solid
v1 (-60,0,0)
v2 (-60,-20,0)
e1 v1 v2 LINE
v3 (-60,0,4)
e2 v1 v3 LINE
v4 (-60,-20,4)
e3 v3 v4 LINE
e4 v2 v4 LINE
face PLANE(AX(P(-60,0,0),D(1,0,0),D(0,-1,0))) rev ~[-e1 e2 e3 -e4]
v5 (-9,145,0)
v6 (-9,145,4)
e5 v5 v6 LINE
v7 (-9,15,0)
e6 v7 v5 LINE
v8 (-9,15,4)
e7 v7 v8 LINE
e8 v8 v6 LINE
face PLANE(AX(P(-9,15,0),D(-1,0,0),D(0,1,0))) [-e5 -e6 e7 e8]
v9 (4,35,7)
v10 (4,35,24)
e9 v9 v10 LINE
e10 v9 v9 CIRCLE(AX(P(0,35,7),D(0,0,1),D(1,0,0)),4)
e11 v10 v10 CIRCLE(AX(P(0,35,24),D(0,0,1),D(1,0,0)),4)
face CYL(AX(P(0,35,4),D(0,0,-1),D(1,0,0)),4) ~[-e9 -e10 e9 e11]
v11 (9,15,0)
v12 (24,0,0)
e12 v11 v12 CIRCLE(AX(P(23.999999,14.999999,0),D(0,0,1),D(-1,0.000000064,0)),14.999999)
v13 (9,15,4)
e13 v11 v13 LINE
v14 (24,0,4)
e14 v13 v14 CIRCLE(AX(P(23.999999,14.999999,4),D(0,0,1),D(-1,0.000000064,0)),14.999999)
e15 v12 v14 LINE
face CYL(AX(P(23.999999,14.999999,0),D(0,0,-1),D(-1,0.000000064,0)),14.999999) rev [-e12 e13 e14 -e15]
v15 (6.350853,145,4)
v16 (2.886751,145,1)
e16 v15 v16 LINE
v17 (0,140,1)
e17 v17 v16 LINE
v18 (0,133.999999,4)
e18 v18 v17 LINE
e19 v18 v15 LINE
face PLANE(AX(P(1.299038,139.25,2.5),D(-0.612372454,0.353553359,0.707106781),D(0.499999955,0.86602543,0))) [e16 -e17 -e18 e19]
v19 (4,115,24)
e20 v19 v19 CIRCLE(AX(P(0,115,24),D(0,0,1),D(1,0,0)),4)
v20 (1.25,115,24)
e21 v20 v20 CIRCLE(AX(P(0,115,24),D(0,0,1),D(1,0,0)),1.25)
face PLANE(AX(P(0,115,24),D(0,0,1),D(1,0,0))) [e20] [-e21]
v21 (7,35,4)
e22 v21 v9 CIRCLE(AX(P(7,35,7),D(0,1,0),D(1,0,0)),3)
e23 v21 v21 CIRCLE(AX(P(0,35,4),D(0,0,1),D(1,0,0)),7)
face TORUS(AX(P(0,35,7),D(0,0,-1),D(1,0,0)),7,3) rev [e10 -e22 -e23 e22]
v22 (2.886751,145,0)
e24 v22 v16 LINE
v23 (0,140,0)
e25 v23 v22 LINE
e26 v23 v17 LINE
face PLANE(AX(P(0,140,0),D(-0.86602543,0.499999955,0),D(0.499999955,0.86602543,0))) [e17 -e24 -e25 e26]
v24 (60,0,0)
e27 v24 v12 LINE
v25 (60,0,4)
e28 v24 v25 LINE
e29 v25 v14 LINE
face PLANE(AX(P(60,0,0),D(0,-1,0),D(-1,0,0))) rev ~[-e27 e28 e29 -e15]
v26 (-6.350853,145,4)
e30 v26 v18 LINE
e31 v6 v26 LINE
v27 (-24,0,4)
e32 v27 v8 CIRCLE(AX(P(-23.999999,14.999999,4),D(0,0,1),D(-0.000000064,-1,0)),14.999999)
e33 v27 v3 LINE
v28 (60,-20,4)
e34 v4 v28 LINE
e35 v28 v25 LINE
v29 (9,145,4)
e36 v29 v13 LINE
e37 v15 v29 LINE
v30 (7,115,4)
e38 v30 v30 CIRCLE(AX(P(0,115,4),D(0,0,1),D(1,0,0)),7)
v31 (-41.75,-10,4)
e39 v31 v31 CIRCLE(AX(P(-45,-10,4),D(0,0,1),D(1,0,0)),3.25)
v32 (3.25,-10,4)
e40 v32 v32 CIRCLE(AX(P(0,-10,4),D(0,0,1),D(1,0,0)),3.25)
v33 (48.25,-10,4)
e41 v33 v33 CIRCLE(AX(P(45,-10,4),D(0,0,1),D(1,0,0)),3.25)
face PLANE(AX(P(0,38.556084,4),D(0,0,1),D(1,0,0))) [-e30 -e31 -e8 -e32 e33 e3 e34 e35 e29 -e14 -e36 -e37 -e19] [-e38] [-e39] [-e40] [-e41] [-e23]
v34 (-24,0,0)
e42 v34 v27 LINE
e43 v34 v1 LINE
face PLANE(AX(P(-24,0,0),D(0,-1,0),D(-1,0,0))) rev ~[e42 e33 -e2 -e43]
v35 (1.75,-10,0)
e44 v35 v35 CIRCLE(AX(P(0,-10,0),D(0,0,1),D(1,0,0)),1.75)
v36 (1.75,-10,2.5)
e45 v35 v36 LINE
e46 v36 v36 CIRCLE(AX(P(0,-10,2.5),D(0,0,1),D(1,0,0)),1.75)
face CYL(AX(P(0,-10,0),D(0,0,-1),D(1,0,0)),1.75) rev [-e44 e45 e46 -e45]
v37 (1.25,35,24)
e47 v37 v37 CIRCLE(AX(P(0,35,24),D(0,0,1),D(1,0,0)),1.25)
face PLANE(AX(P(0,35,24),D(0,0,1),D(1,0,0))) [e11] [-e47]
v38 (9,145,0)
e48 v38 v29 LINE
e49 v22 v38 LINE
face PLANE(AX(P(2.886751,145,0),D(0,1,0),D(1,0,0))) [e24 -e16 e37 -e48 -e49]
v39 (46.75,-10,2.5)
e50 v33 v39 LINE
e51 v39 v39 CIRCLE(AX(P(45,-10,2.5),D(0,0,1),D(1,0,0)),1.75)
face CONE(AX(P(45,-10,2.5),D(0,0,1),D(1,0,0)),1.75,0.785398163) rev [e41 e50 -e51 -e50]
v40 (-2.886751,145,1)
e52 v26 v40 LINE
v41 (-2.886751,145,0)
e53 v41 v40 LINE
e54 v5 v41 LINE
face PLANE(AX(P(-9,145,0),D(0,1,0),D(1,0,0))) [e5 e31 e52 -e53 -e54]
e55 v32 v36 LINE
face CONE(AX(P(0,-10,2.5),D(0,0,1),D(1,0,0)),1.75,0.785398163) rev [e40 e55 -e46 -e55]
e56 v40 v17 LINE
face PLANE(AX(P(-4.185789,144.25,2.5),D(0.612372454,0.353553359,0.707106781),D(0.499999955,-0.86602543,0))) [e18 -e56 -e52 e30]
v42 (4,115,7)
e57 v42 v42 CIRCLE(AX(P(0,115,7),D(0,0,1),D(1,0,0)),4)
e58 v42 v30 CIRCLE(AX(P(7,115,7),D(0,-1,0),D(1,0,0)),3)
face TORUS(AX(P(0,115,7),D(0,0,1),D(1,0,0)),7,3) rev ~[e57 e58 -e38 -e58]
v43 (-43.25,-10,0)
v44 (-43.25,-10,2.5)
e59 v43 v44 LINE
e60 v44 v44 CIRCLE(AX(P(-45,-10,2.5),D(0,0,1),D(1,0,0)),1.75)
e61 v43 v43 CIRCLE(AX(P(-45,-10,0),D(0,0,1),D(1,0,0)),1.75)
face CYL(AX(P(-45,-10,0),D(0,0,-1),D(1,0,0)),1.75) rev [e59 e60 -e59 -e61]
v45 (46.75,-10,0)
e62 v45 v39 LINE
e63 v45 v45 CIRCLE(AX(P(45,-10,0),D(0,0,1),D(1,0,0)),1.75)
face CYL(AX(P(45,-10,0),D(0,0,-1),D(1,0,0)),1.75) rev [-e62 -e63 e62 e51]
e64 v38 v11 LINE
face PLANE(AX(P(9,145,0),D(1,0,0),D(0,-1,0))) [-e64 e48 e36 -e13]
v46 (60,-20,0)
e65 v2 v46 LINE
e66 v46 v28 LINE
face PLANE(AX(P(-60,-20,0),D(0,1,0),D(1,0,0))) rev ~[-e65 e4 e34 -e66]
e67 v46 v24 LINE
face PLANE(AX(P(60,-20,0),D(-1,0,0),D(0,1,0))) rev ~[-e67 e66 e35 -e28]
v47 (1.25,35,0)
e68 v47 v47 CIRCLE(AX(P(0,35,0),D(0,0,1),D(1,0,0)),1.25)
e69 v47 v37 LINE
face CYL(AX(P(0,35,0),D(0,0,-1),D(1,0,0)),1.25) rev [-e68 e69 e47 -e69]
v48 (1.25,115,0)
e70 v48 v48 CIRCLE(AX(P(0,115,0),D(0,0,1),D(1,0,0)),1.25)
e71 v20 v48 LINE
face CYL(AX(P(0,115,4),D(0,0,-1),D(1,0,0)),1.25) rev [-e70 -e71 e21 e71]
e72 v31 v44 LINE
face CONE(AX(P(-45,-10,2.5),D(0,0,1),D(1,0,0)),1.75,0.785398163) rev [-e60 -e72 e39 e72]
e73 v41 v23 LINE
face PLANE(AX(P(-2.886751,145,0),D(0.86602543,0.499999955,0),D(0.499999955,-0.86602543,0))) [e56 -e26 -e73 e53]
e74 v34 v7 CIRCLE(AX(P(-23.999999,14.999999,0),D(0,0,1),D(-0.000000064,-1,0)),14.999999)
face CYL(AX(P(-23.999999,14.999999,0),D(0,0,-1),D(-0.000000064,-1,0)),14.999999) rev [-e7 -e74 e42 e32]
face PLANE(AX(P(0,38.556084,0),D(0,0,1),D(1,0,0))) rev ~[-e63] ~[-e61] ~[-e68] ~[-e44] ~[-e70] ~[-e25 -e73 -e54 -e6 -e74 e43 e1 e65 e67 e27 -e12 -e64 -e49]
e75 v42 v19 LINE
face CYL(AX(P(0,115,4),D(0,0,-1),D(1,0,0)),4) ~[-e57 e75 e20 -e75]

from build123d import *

# Parameters (mm, degrees)
SKETCH_R        = 1.75
SKETCH_R_2      = 1.25
PAD_DEPTH       = 4
SKETCH001_R     = 4
SKETCH001_R_2   = 1.25
PAD001_DEPTH    = 20
FILLET_R        = 3
FILLET001_R     = 3
CHAMFER_SIZE    = 1.5
CHAMFER001_SIZE = 3


with BuildPart() as part:
    # Sketch → Pad (new body)
    with BuildSketch(Plane.XY):
        with BuildLine():
            Line((-24, 0), (-60, 0))
            Line((-60, 0), (-60, -20))
            Line((-60, -20), (60, -20))
            Line((60, -20), (60, 0))
            Line((60, 0), (24, 0))
            ThreePointArc((9, 15), (13.393398, 4.393398), (24, 0))
            Line((9, 145), (9, 15))
            Line((2.886751, 145), (9, 145))
            Line((0, 140), (2.886751, 145))
            Line((-2.886751, 145), (0, 140))
            Line((-9, 145), (-2.886751, 145))
            Line((-9, 15), (-9, 145))
            ThreePointArc((-24, 0), (-13.393398, 4.393398), (-9, 15))
        make_face()
        with Locations((-45, -10)):
            Circle(SKETCH_R, mode=Mode.SUBTRACT)
        with Locations((45, -10)):
            Circle(SKETCH_R, mode=Mode.SUBTRACT)
        with Locations((0, -10)):
            Circle(SKETCH_R, mode=Mode.SUBTRACT)
        with Locations((0, 35)):
            Circle(SKETCH_R_2, mode=Mode.SUBTRACT)
        with Locations((0, 115)):
            Circle(SKETCH_R_2, mode=Mode.SUBTRACT)
    extrude(amount=PAD_DEPTH)

    # Sketch001 (on Face20 of Pad) → Pad001 (join)
    with BuildSketch(Plane.XY.offset(4)):
        with Locations((0, 115)):
            Circle(SKETCH001_R)
        with Locations((0, 115)):
            Circle(SKETCH001_R_2, mode=Mode.SUBTRACT)
        with Locations((0, 35)):
            Circle(SKETCH001_R)
        with Locations((0, 35)):
            Circle(SKETCH001_R_2, mode=Mode.SUBTRACT)
    extrude(amount=PAD001_DEPTH)

    # Fillet
    fillet_edges = [part.edges().sort_by_distance(p)[0] for p in [
        (-4, 115, 4),
    ]]
    fillet(fillet_edges, radius=FILLET_R)

    # Fillet001
    fillet001_edges = [part.edges().sort_by_distance(p)[0] for p in [
        (-4, 35, 4),
    ]]
    fillet(fillet001_edges, radius=FILLET001_R)

    # Chamfer
    chamfer_edges = [part.edges().sort_by_distance(p)[0] for p in [
        (43.25, -10, 4),
        (-1.75, -10, 4),
        (-46.75, -10, 4),
    ]]
    chamfer(chamfer_edges, length=CHAMFER_SIZE)

    # Chamfer001
    chamfer001_edges = [part.edges().sort_by_distance(p)[0] for p in [
        (1.443376, 142.5, 4),
        (-1.443376, 142.5, 4),
    ]]
    chamfer(chamfer001_edges, length=CHAMFER001_SIZE)


solid = part.part
